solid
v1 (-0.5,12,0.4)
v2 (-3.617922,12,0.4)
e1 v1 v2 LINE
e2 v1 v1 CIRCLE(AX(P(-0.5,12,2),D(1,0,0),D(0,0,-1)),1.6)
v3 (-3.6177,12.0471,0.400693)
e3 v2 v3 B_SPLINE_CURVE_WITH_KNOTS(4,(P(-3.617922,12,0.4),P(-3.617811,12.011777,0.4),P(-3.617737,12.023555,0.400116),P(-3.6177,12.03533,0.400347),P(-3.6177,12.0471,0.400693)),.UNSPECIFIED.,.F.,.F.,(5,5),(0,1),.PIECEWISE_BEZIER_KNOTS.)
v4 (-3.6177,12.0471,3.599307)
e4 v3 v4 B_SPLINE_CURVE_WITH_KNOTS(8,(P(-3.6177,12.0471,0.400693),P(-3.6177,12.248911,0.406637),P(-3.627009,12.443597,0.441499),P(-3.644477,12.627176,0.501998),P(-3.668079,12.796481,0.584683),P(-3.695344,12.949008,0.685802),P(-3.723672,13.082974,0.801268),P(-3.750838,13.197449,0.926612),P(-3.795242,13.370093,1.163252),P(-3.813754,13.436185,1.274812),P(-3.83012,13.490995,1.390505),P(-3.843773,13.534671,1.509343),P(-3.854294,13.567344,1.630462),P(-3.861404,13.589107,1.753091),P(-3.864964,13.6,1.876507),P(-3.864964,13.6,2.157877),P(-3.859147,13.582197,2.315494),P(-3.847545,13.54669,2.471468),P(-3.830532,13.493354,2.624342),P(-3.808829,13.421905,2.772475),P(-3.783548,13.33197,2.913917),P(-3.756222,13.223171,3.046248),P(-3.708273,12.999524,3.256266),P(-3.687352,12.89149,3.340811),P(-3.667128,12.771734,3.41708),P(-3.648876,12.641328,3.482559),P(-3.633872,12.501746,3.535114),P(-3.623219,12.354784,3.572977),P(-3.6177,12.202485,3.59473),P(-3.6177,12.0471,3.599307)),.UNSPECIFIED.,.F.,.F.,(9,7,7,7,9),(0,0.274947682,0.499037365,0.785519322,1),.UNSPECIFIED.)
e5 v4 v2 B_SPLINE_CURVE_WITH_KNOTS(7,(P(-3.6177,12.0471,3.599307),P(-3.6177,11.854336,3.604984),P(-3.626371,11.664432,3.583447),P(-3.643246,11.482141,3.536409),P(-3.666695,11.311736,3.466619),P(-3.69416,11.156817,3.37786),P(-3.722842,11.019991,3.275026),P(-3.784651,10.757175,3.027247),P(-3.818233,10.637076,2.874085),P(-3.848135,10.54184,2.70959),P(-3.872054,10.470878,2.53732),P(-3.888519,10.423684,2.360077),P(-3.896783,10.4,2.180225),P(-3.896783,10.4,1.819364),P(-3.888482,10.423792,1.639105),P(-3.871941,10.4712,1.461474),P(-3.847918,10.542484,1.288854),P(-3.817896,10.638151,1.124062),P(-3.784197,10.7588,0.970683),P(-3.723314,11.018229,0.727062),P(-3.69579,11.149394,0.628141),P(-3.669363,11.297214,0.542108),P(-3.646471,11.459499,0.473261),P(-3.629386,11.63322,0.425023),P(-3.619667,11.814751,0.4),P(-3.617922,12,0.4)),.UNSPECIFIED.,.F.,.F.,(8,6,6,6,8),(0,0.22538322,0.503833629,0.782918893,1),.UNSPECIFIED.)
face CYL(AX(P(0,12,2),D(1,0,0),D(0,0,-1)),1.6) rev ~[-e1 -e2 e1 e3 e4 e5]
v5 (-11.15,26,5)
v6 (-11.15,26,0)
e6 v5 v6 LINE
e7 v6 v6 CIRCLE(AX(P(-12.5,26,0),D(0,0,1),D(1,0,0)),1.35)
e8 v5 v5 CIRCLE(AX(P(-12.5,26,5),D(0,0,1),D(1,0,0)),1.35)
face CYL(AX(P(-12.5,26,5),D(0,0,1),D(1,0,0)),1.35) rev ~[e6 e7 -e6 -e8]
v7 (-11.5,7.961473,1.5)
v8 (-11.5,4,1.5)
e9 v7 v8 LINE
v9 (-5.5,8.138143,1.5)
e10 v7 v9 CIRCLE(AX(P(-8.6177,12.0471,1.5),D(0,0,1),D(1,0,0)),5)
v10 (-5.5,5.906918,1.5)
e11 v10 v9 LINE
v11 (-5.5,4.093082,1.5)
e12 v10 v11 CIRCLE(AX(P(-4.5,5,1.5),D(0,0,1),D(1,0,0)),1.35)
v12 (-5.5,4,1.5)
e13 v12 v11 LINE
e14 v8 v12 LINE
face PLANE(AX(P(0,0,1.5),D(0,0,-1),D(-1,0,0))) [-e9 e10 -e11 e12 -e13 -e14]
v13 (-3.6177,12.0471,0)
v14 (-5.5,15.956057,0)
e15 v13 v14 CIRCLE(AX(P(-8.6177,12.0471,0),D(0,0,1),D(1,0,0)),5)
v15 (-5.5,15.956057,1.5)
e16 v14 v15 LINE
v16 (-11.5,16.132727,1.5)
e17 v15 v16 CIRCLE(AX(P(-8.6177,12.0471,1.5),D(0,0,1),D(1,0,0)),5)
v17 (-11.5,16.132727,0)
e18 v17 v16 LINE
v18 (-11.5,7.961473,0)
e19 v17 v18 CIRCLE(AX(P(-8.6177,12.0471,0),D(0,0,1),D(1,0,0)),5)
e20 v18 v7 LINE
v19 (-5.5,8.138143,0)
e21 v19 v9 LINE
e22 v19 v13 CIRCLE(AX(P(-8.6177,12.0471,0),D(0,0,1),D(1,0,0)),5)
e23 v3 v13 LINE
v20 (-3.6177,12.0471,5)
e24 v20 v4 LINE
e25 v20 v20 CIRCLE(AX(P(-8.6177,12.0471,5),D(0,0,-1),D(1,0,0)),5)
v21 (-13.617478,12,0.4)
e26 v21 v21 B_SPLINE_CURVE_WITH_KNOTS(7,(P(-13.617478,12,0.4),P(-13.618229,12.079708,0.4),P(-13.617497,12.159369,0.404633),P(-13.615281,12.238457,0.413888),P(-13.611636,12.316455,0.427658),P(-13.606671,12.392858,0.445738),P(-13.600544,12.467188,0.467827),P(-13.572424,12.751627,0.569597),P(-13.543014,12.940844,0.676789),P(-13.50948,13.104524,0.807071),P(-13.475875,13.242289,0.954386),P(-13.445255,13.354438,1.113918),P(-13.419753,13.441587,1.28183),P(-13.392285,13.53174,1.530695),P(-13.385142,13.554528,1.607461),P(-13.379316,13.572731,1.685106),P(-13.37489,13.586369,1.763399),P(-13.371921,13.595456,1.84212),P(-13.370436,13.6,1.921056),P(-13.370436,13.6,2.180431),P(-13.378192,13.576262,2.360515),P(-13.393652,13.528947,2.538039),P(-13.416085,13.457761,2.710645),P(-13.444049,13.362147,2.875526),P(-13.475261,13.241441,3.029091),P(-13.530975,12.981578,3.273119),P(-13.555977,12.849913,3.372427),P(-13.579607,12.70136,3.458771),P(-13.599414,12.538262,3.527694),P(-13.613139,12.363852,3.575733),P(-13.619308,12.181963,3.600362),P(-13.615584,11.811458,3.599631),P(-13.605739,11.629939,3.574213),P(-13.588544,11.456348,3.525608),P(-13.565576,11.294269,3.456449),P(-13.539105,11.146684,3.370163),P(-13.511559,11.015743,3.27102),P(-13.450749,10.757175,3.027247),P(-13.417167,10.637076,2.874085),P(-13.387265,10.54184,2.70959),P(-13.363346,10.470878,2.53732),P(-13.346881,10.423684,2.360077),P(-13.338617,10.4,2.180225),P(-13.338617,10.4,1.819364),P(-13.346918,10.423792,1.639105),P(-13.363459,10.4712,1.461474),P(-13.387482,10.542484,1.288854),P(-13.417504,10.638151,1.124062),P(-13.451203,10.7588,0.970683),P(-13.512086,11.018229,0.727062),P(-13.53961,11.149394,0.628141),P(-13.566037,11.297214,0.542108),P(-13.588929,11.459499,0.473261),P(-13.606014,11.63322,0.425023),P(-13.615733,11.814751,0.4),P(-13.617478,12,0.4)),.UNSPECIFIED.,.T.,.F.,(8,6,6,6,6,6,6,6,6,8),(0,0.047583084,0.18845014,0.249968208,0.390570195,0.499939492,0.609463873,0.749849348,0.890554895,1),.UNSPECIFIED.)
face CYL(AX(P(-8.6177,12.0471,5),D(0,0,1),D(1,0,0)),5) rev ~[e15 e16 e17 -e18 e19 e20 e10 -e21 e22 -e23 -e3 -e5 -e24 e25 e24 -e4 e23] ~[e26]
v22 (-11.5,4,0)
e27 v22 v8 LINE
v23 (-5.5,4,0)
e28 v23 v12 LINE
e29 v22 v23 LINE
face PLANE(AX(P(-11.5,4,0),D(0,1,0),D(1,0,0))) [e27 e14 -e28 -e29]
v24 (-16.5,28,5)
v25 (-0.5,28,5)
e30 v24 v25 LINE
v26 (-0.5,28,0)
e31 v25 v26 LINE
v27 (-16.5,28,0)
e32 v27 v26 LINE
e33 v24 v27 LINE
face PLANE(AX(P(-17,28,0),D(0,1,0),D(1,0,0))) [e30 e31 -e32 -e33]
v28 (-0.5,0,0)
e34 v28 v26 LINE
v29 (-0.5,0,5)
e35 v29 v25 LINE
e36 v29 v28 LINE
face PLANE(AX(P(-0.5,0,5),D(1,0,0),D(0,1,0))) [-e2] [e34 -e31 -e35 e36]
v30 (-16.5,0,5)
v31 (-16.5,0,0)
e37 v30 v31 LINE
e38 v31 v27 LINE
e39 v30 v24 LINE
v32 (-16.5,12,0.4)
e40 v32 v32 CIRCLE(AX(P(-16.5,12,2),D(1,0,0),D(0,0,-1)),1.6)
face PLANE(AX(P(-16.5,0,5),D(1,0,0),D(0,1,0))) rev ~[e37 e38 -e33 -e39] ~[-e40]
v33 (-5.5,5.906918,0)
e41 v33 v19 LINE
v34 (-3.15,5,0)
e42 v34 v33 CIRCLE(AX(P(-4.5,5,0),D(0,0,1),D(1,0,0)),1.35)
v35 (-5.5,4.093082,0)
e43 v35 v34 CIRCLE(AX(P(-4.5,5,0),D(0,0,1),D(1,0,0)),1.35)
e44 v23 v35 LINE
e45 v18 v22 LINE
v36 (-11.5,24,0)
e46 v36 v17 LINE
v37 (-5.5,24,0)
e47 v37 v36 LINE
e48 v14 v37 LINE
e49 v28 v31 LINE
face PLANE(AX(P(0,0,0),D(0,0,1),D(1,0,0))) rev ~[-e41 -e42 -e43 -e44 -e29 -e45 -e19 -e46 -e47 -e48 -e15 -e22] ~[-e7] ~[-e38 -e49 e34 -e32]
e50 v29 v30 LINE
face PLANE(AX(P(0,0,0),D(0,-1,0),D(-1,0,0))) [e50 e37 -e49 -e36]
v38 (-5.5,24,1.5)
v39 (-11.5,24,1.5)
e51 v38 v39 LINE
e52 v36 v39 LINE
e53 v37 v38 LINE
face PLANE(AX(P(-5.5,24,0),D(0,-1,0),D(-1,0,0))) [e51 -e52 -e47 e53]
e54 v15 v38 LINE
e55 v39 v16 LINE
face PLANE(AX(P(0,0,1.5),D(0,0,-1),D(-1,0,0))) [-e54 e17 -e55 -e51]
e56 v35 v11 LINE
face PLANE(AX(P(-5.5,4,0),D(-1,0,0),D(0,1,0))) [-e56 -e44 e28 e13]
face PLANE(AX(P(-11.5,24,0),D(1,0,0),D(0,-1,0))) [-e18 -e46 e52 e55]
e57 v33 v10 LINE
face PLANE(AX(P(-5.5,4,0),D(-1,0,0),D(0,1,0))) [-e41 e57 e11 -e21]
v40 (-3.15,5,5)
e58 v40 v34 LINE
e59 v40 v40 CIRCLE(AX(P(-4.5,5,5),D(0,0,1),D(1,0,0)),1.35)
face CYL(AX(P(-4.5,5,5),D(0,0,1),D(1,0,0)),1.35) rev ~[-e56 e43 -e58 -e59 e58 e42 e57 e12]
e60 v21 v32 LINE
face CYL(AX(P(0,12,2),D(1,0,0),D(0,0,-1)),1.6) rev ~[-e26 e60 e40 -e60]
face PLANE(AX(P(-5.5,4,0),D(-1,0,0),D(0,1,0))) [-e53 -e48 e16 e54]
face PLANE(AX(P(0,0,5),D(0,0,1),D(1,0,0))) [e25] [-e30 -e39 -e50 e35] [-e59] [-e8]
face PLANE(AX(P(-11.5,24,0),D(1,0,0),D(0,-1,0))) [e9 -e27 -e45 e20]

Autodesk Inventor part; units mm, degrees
ref_plane "YZ Plane" through (0, 0, 0) normal (1, 0, 0) x (0, 1, 0)
ref_plane "XZ Plane" through (0, 0, 0) normal (0, 1, 0) x (-1, 0, 0)
ref_plane "XY Plane" through (0, 0, 0) normal (0, 0, 1) x (1, 0, 0)
sketch "Sketch2" plane through (0, 0, 0) normal (0, 0, 1) x (1, 0, 0)
  line L0 (-17, 28) -> (0, 28)
  line L1 (0, 28) -> (0, 17)
  line L2 (0, 7) -> (0, 0)
  line L3 (0, 0) -> (-17, 0)
  line L4 (-17, 0) -> (-17, 7)
  line L5 (-17, 28) -> (-17, 17)
  line L6 (-17, 17) -> (-17, 7)
  line L7 (0, 17) -> (0, 7)
  dimension "d0" = 17
  dimension "d1" = 28
extrude "Extrusion1" add sketch "Sketch2" along normal blind 5
sketch "Sketch4" plane through (0, 0, 0) normal (0, 0, -1) x (-1, 0, 0)
  line L0 (17, 28) -> (0, 28) projected
  line L1 (0, 28) -> (0, 0) projected
  line L2 (0, 0) -> (17, 0) projected
  line L3 (17, 0) -> (17, 28) projected
  line L4 (0, 28) -> (17, 28) projected
  line L5 (11.5, 24) -> (11.5, 4)
  line L6 (11.5, 4) -> (5.5, 4)
  line L7 (5.5, 4) -> (5.5, 24)
  line L8 (5.5, 24) -> (11.5, 24)
  dimension "d15" = 6
  dimension "d17" = 5.5
  dimension "d30" = 20
  dimension "d31" = 4
extrude "Extrusion3" cut sketch "Sketch4" against normal blind 1.5 contours L5 L6 L7 L8
sketch "Sketch5" plane through (0, 0, 5) normal (0, 0, 1) x (1, 0, 0)
  line L0 (0, 28) -> (-17, 28) projected
  line L1 (-17, 28) -> (-17, 0) projected
  line L2 (-17, 0) -> (0, 0) projected
  line L3 (0, 0) -> (0, 28) projected
  line L4 (-21, 17) -> (4, 7)
  line L5 (-21.4753, 7) -> (4, 17)
  circle A0 centre (-8.6177, 12.0471) radius 5
  dimension "d20" = 10
  dimension "d21" = 12.0471
extrude "Extrusion4" cut sketch "Sketch5" against normal through all contours A0 L4 L5 | L5 L4 A0 | L4 L5 A0 | A0 L5 L4
sketch "Sketch6" plane through (0, 0, 5) normal (0, 0, 1) x (1, 0, 0)
  circle A0 centre (-8.6177, 12.0471) radius 5 projected
  line L0 (0, 28) -> (-17, 28) projected
  line L1 (-17, 28) -> (-17, 0) projected
  line L2 (-17, 0) -> (0, 0) projected
  line L3 (0, 0) -> (0, 28) projected
  circle A1 centre (-12.5, 26) radius 1.35
  dimension "d24" = 2.7
  dimension "d25" = 4.5
  dimension "d26" = 2
extrude "Extrusion5" cut sketch "Sketch6" against normal through all contours A1
sketch "Sketch7" plane through (0, 0, 5) normal (0, 0, 1) x (1, 0, 0)
  line L0 (0, 0) -> (0, 28) projected
  line L1 (-17, 0) -> (0, 0) projected
  circle A0 centre (-4.5, 5) radius 1.35
  point P0 (0, 7)
  dimension "d32" = 2.7
  dimension "d33" = 4.5
  dimension "d34" = 5
extrude "Extrusion6" cut sketch "Sketch7" against normal through all
sketch "Sketch8" plane through (0, 0, 0) normal (1, 0, 0) x (0, 0, -1)
  circle A0 centre (-2, 12) radius 1.6
  line L0 (-5, 0) -> (-5, 28) projected
  line L1 (0, 0) -> (-5, 0) projected
  point P0 (0, -7)
  dimension "d37" = 3.2
  dimension "d41" = 12
  dimension "d49" = 3
extrude "Extrusion8" cut sketch "Sketch8" against normal through all
sketch "Sketch9" plane through (0, 0, 5) normal (0, 0, 1) x (1, 0, 0)
  circle A0 centre (-4.5, 5) radius 1.35 projected
  circle A1 centre (-12.5, 26) radius 1.35 projected
  circle A2 centre (-8.6177, 12.0471) radius 5 projected
  line L0 (0, 28) -> (-17, 28) projected
  line L1 (-17, 28) -> (-17, 0) projected
  line L2 (-17, 0) -> (0, 0) projected
  line L3 (0, 0) -> (0, 28) projected
  line L4 (-17, 0) -> (-16.5, 0)
  line L5 (-16.5, 0) -> (-16.5, 28)
  line L6 (-16.5, 28) -> (-17, 28)
  line L7 (-17, 28) -> (-17, 0)
  line L8 (0, 0) -> (-0.5, 0)
  line L9 (-0.5, 0) -> (-0.5, 28)
  line L10 (-0.5, 28) -> (0, 28)
  line L11 (0, 28) -> (0, 0)
  dimension "d47" = 0.5
  dimension "d48" = 0.5
extrude "Extrusion9" cut sketch "Sketch9" against normal through all contours L3 L2 L9 L0 | L5 L2 L1 L0
properties part number "tapa0.2"
